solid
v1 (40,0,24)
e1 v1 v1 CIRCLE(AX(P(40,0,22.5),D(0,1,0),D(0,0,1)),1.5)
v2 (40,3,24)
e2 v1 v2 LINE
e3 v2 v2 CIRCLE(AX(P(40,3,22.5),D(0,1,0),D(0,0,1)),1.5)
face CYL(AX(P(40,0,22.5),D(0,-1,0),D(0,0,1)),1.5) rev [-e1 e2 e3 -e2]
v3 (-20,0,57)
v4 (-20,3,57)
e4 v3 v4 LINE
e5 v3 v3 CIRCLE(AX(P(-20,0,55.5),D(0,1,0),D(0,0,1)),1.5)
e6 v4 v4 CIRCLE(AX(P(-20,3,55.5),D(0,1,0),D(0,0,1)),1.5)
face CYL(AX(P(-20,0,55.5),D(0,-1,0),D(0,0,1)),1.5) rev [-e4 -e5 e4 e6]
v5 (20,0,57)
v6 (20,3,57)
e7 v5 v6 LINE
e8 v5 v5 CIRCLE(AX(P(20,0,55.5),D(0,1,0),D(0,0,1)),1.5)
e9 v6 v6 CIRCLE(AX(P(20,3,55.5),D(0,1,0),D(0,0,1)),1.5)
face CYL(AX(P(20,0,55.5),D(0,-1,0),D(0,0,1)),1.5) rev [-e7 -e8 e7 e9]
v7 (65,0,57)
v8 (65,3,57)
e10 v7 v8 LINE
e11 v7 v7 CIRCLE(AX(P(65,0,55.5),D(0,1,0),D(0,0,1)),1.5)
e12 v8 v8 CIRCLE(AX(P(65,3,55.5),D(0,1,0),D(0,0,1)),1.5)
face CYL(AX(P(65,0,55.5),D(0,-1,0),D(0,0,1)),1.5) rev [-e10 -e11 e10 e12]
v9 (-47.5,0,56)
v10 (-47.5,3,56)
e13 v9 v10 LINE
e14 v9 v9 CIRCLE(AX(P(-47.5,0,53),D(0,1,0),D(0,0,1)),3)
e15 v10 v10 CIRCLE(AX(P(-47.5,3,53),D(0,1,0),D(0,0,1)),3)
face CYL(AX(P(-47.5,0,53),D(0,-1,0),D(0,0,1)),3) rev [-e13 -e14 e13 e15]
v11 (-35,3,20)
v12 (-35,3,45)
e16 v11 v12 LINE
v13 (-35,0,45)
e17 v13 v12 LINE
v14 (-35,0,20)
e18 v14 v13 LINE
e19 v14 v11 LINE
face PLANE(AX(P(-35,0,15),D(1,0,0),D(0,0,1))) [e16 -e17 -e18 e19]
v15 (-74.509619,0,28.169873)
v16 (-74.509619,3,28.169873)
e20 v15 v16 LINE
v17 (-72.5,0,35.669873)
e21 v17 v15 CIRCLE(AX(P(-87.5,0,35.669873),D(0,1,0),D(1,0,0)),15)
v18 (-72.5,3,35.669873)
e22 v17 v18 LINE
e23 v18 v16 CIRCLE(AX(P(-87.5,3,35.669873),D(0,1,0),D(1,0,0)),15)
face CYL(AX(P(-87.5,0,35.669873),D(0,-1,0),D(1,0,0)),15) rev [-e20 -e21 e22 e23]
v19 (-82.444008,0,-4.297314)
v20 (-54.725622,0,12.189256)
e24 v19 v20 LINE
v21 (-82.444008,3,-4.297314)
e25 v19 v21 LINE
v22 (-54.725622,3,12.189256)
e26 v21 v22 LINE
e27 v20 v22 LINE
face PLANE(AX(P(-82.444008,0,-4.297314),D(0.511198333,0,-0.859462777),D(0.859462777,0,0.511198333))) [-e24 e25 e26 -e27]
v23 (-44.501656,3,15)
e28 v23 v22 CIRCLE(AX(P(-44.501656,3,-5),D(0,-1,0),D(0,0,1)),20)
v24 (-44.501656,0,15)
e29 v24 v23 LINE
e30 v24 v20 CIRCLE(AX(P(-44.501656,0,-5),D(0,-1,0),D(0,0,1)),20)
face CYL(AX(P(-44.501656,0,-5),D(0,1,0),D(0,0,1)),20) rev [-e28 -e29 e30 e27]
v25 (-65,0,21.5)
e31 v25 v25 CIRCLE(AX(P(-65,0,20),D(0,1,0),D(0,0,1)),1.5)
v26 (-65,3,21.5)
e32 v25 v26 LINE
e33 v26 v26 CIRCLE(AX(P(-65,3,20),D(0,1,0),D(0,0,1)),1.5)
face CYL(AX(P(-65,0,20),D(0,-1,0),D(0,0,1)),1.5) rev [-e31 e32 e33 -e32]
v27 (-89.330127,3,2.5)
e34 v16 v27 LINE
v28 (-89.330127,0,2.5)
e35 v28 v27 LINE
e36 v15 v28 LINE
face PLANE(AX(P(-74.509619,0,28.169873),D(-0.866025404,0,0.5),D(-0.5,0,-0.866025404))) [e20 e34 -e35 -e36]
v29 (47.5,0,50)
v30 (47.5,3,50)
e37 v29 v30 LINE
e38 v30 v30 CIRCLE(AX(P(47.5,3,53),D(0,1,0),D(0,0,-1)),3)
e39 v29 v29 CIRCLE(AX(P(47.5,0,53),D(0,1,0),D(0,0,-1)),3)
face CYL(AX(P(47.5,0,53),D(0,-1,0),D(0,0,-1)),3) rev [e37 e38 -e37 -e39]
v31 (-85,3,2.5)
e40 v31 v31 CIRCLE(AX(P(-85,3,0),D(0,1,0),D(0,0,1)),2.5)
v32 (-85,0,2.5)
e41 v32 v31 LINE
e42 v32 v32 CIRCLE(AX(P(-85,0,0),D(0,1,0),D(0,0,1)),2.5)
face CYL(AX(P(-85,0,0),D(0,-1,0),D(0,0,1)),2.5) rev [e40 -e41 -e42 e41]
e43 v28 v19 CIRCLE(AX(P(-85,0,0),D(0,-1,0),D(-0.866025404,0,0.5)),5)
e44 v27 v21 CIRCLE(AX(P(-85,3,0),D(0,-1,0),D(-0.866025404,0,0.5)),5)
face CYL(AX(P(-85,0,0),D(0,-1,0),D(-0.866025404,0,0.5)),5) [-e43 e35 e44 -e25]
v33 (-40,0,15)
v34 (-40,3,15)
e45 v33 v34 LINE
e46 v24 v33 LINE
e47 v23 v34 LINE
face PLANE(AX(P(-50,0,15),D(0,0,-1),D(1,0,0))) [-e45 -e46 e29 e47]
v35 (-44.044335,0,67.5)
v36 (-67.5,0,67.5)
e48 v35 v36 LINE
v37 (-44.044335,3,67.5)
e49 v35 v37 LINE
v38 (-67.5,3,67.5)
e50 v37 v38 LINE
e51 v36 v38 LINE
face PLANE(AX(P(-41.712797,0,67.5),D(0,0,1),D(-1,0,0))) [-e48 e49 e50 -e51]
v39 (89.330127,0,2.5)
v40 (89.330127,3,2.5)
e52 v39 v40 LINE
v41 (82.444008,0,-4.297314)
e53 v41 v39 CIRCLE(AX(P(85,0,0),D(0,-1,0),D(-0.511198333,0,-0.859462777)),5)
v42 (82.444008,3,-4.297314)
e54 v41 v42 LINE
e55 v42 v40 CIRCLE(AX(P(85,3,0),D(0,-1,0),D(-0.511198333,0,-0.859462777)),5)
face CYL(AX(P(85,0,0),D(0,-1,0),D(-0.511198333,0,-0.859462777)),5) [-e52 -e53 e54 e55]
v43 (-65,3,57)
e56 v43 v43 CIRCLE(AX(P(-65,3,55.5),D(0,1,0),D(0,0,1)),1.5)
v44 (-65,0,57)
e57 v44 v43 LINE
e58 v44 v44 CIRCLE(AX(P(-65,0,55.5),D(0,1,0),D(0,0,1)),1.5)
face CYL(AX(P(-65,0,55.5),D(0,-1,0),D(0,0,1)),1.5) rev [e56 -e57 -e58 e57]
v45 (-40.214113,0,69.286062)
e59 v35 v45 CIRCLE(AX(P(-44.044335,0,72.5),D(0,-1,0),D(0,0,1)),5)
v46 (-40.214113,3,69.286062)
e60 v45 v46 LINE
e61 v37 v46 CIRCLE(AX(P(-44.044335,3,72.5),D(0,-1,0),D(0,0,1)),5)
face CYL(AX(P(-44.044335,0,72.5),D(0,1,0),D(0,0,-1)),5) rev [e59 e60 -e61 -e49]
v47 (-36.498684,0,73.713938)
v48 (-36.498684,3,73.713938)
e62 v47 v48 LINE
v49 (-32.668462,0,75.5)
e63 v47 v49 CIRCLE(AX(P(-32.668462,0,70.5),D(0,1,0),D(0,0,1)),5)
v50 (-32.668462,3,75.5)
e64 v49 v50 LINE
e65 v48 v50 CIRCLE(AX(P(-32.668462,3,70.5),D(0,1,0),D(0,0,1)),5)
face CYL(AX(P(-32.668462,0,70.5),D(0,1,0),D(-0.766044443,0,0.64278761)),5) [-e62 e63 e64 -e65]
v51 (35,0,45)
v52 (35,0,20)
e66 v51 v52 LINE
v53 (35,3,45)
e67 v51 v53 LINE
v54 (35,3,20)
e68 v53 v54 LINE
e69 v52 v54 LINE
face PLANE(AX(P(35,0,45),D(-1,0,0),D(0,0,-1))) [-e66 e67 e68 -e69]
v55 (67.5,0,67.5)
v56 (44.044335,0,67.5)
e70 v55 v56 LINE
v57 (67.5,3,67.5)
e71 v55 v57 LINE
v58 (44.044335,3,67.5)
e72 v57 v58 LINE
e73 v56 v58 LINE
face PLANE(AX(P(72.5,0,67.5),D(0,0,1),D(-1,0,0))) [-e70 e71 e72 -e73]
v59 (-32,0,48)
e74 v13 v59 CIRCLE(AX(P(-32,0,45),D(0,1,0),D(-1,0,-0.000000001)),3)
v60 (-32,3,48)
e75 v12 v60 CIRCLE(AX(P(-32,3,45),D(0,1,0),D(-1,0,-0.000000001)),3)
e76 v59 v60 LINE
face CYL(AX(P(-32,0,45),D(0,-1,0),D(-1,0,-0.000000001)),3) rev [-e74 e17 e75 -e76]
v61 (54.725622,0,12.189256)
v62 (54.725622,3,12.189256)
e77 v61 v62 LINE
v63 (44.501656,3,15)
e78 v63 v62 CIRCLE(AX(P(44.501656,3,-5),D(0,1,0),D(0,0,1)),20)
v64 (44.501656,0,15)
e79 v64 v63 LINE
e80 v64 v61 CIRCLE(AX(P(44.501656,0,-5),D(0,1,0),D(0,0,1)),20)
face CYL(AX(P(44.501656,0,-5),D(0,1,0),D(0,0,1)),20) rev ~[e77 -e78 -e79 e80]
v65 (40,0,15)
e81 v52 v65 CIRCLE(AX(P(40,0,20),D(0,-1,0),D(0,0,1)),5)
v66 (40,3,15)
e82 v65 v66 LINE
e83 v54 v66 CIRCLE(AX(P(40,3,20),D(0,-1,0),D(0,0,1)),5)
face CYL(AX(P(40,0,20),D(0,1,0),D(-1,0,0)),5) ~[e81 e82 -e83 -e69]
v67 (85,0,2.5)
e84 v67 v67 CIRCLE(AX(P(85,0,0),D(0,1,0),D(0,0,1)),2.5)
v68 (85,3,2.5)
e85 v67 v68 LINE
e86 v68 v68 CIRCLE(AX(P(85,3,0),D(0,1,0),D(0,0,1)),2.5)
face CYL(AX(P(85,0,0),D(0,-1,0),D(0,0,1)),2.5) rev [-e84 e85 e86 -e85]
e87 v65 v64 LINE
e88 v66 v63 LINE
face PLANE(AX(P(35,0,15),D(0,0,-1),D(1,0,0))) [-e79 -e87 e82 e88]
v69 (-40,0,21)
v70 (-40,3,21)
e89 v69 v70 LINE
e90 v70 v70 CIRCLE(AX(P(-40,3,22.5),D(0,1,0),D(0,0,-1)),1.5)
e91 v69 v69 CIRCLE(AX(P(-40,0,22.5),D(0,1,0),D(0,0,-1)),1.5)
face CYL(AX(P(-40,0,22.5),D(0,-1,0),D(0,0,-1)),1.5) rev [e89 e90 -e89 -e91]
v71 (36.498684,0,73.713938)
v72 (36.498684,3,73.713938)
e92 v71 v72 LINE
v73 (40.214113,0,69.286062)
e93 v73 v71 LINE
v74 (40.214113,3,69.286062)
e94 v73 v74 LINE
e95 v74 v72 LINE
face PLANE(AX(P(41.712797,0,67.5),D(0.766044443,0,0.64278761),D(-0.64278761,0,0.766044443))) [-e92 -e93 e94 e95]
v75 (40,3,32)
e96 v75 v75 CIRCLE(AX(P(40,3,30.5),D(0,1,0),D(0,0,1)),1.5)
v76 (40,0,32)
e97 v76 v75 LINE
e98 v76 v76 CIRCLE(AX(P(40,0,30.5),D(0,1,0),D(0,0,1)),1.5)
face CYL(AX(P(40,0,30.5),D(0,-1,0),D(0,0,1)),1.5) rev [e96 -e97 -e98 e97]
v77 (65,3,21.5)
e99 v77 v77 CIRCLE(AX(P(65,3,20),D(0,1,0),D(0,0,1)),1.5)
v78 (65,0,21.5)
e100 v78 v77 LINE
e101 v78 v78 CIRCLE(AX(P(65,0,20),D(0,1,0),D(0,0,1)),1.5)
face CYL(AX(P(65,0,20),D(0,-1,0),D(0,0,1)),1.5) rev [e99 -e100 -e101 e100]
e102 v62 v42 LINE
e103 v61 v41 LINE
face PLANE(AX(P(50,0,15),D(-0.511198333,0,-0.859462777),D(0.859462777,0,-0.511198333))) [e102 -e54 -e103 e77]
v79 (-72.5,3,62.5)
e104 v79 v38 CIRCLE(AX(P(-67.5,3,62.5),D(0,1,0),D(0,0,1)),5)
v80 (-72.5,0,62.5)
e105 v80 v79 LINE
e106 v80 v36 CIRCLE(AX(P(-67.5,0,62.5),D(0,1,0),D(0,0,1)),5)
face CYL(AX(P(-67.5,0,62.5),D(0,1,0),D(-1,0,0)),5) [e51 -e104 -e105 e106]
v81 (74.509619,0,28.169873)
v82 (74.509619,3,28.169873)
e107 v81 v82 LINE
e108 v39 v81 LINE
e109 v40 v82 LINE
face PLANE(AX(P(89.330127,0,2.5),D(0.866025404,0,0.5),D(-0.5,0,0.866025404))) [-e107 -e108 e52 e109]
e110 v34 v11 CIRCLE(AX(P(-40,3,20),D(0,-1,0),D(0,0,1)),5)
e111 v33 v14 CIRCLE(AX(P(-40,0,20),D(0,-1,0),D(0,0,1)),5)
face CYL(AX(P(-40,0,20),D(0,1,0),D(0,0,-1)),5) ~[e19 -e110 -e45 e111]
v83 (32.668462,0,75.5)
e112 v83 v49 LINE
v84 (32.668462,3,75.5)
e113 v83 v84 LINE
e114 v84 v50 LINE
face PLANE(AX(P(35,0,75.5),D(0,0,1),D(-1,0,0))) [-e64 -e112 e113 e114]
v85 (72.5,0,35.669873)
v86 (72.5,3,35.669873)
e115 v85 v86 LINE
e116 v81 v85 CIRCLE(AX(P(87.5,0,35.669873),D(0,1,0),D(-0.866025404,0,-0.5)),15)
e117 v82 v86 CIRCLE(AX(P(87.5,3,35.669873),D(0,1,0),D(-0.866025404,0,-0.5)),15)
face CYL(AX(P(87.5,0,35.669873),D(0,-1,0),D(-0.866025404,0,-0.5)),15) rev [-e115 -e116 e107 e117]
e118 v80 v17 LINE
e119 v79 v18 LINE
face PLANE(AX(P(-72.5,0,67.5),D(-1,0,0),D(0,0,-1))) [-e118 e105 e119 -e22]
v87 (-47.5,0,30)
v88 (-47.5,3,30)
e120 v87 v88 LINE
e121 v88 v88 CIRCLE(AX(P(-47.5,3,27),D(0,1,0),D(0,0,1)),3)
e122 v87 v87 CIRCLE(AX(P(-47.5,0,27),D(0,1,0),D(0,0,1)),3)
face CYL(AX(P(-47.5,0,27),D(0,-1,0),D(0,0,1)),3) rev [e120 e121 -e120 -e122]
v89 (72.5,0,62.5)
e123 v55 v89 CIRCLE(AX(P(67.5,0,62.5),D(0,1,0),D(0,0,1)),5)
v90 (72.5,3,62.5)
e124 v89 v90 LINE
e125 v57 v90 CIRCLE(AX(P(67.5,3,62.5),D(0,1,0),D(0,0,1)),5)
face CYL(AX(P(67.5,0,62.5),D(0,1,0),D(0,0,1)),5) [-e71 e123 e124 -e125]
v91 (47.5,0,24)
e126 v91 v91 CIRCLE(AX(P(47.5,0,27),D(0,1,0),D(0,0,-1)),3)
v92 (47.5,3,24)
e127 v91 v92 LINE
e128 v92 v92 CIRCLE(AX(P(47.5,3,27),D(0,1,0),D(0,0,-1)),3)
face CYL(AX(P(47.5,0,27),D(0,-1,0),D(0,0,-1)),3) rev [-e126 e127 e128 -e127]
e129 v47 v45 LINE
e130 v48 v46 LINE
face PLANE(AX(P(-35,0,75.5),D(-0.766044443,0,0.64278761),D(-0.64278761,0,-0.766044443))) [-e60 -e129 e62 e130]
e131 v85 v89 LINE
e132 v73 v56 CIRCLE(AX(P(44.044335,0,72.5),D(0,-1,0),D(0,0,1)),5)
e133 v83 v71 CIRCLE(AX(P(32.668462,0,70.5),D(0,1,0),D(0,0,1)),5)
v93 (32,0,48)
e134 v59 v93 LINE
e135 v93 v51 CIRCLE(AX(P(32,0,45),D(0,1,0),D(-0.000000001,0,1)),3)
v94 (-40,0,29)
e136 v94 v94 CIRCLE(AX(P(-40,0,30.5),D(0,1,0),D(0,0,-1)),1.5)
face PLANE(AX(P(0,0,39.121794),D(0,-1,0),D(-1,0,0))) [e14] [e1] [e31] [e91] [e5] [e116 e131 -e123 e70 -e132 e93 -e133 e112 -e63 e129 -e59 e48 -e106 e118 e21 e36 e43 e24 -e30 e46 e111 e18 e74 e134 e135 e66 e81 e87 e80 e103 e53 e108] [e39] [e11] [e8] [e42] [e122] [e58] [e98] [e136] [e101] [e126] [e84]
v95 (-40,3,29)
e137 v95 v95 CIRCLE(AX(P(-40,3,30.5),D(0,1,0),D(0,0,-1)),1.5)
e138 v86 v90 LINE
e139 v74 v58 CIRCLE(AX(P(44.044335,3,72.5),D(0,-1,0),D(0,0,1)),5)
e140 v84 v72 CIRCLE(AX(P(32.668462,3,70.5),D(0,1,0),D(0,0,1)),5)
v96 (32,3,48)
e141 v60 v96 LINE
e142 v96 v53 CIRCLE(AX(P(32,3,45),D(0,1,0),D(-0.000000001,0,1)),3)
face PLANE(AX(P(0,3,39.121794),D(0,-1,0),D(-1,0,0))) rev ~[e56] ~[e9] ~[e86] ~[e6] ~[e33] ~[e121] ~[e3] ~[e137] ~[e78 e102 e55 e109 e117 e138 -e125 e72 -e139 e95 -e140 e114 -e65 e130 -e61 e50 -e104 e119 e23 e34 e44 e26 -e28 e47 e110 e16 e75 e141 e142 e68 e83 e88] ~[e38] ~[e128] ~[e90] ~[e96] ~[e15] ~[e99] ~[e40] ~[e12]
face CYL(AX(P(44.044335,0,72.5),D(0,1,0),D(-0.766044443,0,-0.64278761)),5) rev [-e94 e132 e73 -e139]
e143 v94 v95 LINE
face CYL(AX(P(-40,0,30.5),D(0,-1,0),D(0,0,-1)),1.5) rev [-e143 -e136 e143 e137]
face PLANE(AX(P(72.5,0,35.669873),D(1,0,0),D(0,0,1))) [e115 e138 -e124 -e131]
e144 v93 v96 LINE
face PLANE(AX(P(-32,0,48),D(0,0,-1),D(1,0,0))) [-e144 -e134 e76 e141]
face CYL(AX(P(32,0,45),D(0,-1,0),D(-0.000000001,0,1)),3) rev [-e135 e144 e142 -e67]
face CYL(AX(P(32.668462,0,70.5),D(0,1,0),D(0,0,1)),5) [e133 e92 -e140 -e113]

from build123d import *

# Parameters (mm, degrees)
SKETCH_1_R      = 2.5
SKETCH_1_R_2    = 3
SKETCH_1_R_3    = 1.5
EXTRUDE_1_DEPTH = 3
FILLET_1_R      = 20
FILLET_2_R      = 5


with BuildPart() as part:
    # 草图1 → 凸台-拉伸1 (new body)
    with BuildSketch(Plane(origin=(0, 0, 0), x_dir=(1, 0, 0), z_dir=(0, 1, 0))):
        with BuildLine():
            Line((-35, -15), (-35, -45))
            ThreePointArc((-35, -45), (-34.121320344, -47.121320344), (-32, -48))
            Line((-32, -48), (32, -48))
            ThreePointArc((32, -48), (34.121320344, -47.121320344), (35, -45))
            Line((35, -45), (35, -15))
            Line((35, -15), (50, -15))
            Line((50, -15), (82.444008336, 4.297313883))
            ThreePointArc((82.444008336, 4.297313883), (88.512514494, 3.558404408), (89.330127019, -2.5))
            Line((89.330127019, -2.5), (74.509618943, -28.169872981))
            ThreePointArc((74.509618943, -28.169872981), (73.011112606, -31.787587305), (72.5, -35.669872981))
            Line((72.5, -35.669872981), (72.5, -67.5))
            Line((72.5, -67.5), (41.712797049, -67.5))
            Line((41.712797049, -67.5), (35, -75.5))
            Line((35, -75.5), (-35, -75.5))
            Line((-35, -75.5), (-41.712797049, -67.5))
            Line((-41.712797049, -67.5), (-72.5, -67.5))
            Line((-72.5, -67.5), (-72.5, -35.669872981))
            ThreePointArc((-72.5, -35.669872981), (-73.011112606, -31.787587305), (-74.509618943, -28.169872981))
            Line((-74.509618943, -28.169872981), (-89.330127019, -2.5))
            ThreePointArc((-89.330127019, -2.5), (-88.512514494, 3.558404408), (-82.444008336, 4.297313883))
            Line((-82.444008336, 4.297313883), (-50, -15))
            Line((-50, -15), (-35, -15))
        make_face()
        with Locations(Location((85, 0, 0), (0, 0, 270))):
            Circle(SKETCH_1_R, mode=Mode.SUBTRACT)
        with Locations(Location((-85, 0, 0), (0, 0, 270))):
            Circle(SKETCH_1_R, mode=Mode.SUBTRACT)
        with Locations(Location((47.5, -53, 0), (0, 0, 90))):
            Circle(SKETCH_1_R_2, mode=Mode.SUBTRACT)
        with Locations(Location((-47.5, -53, 0), (0, 0, 270))):
            Circle(SKETCH_1_R_2, mode=Mode.SUBTRACT)
        with Locations(Location((20, -55.5, 0), (0, 0, 270))):
            Circle(SKETCH_1_R_3, mode=Mode.SUBTRACT)
        with Locations(Location((-20, -55.5, 0), (0, 0, 270))):
            Circle(SKETCH_1_R_3, mode=Mode.SUBTRACT)
        with Locations(Location((-65, -55.5, 0), (0, 0, 270))):
            Circle(SKETCH_1_R_3, mode=Mode.SUBTRACT)
        with Locations(Location((65, -55.5, 0), (0, 0, 270))):
            Circle(SKETCH_1_R_3, mode=Mode.SUBTRACT)
        with Locations(Location((65, -20, 0), (0, 0, 270))):
            Circle(SKETCH_1_R_3, mode=Mode.SUBTRACT)
        with Locations(Location((-65, -20, 0), (0, 0, 270))):
            Circle(SKETCH_1_R_3, mode=Mode.SUBTRACT)
        with Locations(Location((40, -22.5, 0), (0, 0, 270))):
            Circle(SKETCH_1_R_3, mode=Mode.SUBTRACT)
        with Locations(Location((40, -30.5, 0), (0, 0, 270))):
            Circle(SKETCH_1_R_3, mode=Mode.SUBTRACT)
        with Locations(Location((-47.5, -27, 0), (0, 0, 270))):
            Circle(SKETCH_1_R_2, mode=Mode.SUBTRACT)
        with Locations(Location((47.5, -27, 0), (0, 0, 90))):
            Circle(SKETCH_1_R_2, mode=Mode.SUBTRACT)
        with Locations(Location((-40, -30.5, 0), (0, 0, 90))):
            Circle(SKETCH_1_R_3, mode=Mode.SUBTRACT)
        with Locations(Location((-40, -22.5, 0), (0, 0, 90))):
            Circle(SKETCH_1_R_3, mode=Mode.SUBTRACT)
    extrude(amount=EXTRUDE_1_DEPTH)

    # 圆角1
    fillet_1_edges = [part.edges().sort_by_distance(p)[0] for p in [
        (50, 1.5, 15),
        (-50, 1.5, 15),
    ]]
    fillet(fillet_1_edges, radius=FILLET_1_R)

    # 圆角2
    fillet_2_edges = [part.edges().sort_by_distance(p)[0] for p in [
        (35, 1.5, 15),
        (72.5, 1.5, 67.5),
        (41.712797049, 1.5, 67.5),
        (35, 1.5, 75.5),
        (-35, 1.5, 75.5),
        (-41.712797049, 1.5, 67.5),
        (-72.5, 1.5, 67.5),
        (-35, 1.5, 15),
    ]]
    fillet(fillet_2_edges, radius=FILLET_2_R)


solid = part.part
